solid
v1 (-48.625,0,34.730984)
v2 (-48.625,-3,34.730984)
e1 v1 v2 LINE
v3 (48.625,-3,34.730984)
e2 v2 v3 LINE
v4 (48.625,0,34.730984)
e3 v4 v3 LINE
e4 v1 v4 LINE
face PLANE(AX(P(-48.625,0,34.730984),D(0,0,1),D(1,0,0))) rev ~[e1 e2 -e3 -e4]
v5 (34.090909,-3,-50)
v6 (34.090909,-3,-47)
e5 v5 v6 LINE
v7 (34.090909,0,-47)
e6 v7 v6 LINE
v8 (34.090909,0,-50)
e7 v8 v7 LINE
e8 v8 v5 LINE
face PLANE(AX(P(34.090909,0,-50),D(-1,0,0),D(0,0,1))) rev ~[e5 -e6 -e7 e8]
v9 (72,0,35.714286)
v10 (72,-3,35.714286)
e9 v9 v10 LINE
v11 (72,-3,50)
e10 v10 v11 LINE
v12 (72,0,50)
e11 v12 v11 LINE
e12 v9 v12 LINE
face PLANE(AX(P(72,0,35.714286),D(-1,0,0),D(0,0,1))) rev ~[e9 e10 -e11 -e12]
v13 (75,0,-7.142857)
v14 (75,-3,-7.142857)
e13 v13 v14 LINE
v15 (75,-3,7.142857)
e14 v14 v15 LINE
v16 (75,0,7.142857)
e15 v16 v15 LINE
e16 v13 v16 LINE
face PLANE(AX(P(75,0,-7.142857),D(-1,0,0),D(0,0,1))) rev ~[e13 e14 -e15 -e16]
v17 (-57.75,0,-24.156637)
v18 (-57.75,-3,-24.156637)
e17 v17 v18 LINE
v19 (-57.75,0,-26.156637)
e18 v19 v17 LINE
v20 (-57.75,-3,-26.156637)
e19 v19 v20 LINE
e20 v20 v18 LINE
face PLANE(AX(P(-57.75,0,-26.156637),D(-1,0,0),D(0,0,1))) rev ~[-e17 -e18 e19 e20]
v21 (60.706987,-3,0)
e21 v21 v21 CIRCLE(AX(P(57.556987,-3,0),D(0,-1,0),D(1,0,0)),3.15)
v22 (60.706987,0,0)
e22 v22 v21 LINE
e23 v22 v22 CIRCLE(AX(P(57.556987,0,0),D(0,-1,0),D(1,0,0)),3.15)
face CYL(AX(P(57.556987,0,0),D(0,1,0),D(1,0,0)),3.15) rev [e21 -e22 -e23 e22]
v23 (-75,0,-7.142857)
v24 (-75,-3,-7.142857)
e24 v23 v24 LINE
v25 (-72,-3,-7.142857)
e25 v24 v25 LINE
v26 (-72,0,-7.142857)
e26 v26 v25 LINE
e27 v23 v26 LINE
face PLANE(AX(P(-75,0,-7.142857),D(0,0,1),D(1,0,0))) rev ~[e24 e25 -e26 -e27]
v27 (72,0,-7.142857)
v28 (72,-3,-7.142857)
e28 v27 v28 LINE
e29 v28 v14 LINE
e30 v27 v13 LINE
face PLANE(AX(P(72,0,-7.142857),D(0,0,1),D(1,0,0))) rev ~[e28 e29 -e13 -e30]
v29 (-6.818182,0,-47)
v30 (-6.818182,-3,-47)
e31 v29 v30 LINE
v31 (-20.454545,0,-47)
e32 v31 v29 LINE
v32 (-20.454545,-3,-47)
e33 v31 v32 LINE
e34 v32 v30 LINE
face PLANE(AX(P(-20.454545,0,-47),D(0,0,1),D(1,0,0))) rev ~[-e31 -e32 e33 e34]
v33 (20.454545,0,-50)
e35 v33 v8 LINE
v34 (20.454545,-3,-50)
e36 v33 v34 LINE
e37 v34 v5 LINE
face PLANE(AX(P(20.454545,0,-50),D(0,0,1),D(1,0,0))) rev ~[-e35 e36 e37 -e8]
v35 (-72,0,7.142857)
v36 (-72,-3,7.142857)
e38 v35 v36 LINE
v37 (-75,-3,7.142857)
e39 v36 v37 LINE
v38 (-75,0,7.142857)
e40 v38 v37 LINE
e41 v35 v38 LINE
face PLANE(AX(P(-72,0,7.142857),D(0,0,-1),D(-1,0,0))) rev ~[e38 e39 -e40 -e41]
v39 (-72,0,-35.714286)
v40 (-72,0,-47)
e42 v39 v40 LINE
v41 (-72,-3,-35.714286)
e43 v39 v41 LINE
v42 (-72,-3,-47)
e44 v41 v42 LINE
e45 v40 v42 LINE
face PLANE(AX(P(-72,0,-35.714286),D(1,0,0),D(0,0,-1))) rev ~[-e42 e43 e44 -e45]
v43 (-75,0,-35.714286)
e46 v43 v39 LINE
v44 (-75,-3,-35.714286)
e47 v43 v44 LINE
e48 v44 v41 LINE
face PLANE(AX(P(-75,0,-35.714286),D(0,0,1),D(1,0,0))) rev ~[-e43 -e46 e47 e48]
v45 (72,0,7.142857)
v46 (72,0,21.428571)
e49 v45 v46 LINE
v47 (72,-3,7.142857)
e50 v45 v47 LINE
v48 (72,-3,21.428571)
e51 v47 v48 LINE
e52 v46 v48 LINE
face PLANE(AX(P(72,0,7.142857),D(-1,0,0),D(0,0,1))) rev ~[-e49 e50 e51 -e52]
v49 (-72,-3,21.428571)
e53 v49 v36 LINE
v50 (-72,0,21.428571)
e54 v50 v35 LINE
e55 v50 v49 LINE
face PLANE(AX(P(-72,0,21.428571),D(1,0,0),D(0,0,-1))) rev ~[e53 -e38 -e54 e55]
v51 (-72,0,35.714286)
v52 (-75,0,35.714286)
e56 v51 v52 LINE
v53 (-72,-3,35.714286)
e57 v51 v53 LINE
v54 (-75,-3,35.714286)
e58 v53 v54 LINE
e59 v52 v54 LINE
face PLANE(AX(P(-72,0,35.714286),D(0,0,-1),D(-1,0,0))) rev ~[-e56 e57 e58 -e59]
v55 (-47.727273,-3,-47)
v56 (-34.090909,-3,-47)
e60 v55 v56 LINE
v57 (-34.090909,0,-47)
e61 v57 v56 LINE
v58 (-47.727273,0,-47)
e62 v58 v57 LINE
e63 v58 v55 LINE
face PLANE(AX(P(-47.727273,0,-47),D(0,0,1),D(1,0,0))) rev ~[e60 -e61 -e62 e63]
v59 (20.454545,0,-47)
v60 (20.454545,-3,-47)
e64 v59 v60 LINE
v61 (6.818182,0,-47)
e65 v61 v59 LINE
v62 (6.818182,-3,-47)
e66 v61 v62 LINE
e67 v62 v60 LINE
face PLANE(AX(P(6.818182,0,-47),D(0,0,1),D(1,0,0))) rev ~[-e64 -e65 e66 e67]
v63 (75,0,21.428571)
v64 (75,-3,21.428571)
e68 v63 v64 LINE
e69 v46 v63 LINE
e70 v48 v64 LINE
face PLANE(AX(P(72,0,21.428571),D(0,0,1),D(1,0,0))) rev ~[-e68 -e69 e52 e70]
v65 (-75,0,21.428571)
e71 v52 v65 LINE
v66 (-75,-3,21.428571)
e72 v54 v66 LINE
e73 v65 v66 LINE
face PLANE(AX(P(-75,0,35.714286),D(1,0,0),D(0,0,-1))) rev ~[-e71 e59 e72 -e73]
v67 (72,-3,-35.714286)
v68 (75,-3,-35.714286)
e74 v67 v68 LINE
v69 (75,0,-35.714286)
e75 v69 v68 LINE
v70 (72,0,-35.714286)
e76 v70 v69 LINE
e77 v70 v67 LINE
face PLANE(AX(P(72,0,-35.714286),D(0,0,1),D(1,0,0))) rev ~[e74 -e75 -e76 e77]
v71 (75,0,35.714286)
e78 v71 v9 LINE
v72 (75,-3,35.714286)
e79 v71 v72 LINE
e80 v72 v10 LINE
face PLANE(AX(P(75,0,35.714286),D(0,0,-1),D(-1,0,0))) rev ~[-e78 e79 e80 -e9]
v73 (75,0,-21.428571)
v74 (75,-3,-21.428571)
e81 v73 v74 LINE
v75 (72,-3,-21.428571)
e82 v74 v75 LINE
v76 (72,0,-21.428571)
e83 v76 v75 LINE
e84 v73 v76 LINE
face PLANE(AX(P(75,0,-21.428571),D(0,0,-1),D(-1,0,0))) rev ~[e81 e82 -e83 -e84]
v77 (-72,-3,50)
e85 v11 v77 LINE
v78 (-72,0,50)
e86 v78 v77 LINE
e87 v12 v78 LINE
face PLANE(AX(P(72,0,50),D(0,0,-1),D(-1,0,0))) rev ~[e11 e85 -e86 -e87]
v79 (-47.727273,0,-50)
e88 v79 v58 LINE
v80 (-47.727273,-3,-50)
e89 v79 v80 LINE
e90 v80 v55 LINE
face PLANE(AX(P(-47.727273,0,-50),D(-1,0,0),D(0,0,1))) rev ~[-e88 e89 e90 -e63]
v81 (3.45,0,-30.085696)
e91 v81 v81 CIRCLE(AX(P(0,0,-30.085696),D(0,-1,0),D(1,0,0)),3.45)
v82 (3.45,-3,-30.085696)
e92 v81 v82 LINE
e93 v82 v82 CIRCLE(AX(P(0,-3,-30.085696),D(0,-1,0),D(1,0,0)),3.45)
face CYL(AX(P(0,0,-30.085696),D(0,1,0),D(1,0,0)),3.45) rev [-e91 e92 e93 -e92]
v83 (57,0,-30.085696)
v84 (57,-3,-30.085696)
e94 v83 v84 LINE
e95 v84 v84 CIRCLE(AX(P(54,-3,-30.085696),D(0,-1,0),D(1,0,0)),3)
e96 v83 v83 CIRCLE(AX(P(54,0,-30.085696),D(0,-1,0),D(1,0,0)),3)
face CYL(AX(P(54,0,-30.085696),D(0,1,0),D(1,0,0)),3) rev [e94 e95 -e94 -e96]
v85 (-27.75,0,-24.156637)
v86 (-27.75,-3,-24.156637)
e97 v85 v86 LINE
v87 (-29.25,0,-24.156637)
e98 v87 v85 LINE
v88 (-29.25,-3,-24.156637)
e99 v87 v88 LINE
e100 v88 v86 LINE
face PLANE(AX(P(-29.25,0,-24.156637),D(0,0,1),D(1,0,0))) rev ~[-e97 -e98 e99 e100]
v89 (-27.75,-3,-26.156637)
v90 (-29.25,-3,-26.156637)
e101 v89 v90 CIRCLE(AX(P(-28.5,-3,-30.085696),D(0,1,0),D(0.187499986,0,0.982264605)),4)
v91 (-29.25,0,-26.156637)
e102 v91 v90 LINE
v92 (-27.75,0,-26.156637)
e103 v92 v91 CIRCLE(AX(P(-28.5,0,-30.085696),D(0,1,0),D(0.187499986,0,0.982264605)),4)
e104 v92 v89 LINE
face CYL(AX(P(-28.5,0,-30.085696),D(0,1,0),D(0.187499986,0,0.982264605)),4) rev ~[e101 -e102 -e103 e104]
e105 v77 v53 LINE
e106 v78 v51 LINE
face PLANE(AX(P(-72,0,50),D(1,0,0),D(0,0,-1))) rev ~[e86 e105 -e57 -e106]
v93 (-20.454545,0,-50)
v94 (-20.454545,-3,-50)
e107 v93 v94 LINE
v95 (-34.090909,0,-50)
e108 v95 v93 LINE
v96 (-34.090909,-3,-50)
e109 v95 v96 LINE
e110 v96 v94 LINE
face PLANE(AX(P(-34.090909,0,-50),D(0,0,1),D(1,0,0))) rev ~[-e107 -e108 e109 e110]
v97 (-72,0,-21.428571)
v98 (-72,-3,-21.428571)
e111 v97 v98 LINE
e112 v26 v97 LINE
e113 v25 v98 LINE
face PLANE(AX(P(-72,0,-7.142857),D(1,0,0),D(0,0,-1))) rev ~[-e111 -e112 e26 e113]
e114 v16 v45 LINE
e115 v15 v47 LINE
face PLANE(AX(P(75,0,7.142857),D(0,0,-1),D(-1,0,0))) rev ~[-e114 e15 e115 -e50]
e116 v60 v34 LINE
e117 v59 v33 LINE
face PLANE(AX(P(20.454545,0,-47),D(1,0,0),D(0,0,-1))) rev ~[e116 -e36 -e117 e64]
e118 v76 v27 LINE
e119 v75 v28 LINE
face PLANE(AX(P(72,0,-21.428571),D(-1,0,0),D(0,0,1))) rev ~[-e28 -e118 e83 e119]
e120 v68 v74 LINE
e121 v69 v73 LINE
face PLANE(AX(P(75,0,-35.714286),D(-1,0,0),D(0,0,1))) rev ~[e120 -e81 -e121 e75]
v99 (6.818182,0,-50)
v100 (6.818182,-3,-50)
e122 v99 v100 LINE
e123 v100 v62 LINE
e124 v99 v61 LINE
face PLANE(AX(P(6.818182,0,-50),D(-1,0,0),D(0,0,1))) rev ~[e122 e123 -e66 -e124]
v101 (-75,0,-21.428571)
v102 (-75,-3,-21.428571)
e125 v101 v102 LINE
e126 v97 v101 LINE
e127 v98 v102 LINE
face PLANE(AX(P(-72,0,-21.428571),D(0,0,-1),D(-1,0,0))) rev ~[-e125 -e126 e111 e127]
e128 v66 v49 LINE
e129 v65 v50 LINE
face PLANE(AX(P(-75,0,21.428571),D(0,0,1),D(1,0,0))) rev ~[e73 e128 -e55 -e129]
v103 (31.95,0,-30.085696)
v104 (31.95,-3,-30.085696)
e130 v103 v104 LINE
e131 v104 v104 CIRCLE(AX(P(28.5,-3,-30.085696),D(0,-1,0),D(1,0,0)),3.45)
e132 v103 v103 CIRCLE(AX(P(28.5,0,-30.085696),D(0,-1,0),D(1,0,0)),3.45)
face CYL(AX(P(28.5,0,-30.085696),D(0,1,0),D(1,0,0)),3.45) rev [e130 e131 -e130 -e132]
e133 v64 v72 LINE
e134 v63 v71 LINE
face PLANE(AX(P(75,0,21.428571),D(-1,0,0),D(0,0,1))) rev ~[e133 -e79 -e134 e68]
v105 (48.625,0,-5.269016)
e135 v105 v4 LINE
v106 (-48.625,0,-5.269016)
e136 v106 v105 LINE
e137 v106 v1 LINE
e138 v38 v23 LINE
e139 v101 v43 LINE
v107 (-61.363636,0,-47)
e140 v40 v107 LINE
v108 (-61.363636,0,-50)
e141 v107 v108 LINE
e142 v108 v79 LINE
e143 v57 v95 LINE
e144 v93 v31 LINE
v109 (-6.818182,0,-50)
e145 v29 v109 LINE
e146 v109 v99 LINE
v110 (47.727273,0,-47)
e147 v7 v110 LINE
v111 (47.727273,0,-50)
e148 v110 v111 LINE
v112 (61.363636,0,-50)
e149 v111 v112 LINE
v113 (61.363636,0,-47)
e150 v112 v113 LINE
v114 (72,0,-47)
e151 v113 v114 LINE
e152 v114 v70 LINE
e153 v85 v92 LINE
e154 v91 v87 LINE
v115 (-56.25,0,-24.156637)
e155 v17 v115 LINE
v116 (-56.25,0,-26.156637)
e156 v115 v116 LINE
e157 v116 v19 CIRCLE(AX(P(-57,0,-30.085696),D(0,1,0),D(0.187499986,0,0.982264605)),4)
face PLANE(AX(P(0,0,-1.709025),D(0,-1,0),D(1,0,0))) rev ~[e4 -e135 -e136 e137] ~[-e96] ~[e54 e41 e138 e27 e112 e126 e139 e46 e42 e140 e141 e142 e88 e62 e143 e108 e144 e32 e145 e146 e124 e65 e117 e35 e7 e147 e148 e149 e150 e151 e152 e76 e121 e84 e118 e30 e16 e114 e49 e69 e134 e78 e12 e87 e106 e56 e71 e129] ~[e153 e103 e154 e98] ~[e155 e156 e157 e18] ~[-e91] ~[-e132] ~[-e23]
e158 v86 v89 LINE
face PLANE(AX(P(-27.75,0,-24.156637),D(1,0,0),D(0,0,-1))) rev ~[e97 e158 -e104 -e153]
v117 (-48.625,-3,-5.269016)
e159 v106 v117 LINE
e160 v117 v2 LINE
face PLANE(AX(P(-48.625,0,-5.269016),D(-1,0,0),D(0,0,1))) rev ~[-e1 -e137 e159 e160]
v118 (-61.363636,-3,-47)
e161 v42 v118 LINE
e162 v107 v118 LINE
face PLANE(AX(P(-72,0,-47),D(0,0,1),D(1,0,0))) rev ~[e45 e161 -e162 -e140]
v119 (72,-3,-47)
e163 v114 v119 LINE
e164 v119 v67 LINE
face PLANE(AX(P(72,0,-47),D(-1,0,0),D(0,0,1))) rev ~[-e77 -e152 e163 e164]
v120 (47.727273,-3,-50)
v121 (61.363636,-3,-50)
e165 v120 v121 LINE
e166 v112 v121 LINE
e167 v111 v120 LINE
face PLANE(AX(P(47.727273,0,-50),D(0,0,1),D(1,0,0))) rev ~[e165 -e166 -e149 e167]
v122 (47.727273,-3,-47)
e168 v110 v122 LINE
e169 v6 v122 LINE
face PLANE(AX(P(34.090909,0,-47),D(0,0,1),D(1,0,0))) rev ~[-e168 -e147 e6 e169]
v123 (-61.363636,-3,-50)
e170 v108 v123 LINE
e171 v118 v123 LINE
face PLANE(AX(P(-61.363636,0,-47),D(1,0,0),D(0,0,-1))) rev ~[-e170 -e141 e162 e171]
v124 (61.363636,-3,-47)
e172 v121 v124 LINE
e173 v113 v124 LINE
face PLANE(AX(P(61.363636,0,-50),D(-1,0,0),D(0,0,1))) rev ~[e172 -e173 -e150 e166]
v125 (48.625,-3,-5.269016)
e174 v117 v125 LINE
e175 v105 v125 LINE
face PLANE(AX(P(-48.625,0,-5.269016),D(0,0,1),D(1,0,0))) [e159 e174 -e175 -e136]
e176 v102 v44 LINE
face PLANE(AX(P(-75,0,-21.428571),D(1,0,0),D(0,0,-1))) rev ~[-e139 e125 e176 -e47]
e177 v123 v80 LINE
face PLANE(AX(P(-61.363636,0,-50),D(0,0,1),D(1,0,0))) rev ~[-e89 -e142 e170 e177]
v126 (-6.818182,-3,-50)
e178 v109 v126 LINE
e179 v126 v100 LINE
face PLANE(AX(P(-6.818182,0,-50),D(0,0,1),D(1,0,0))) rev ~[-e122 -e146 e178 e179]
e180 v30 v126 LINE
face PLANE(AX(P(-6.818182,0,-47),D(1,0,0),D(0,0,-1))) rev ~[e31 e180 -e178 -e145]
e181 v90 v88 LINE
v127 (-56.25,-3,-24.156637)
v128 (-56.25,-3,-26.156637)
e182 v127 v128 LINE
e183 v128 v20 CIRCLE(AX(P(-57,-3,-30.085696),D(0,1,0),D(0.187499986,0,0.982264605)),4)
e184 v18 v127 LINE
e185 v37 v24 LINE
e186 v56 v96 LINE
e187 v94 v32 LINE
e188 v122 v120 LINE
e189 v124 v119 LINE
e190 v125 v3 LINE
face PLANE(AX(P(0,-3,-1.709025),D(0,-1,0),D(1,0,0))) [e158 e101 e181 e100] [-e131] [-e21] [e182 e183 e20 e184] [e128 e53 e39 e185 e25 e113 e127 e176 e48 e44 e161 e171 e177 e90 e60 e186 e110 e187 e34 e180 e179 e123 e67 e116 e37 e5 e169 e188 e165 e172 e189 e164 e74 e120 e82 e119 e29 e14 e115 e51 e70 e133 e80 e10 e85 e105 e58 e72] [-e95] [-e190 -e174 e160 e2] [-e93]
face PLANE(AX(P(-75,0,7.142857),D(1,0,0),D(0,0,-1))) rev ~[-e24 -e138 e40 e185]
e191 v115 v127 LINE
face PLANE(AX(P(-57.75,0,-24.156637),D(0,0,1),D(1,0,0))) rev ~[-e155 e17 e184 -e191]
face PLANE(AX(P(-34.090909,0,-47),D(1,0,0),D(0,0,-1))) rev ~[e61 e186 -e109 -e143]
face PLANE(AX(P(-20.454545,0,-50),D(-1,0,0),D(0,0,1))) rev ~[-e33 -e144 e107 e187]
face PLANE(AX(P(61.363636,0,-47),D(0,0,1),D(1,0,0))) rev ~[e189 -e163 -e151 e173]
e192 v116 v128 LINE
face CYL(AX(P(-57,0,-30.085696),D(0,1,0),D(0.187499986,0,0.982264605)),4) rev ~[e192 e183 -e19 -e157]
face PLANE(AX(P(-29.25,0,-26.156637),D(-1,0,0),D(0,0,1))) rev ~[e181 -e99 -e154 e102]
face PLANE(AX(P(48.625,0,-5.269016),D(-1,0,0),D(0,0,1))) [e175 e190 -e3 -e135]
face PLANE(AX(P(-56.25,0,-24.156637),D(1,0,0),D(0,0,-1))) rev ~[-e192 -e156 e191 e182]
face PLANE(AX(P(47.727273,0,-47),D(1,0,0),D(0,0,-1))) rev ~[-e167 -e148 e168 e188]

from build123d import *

# Parameters (mm, degrees)
F0_R     = 3.45
F0_R_2   = 3
F0_W     = 97.25
F0_H     = 40
F0_R_3   = 3.15
F1_DEPTH = 3


with BuildPart() as f1:
    # F0 (on Front) → F1 (new body)
    with BuildSketch(Plane.XZ):
        Polygon((47.727273, -50), (61.363636, -50), (61.363636, -47), (72, -47), (72, -35.714286), (75, -35.714286), (75, -21.428571), (72, -21.428571), (72, -7.142857), (75, -7.142857), (75, 7.142857), (72, 7.142857), (72, 21.428571), (75, 21.428571), (75, 35.714286), (72, 35.714286), (72, 50), (-72, 50), (-72, 35.714286), (-75, 35.714286), (-75, 21.428571), (-72, 21.428571), (-72, 7.142857), (-75, 7.142857), (-75, -7.142857), (-72, -7.142857), (-72, -21.428571), (-75, -21.428571), (-75, -35.714286), (-72, -35.714286), (-72, -47), (-61.363636, -47), (-61.363636, -50), (-47.727273, -50), (-47.727273, -47), (-34.090909, -47), (-34.090909, -50), (-20.454545, -50), (-20.454545, -47), (-6.818182, -47), (-6.818182, -50), (6.818182, -50), (6.818182, -47), (20.454545, -47), (20.454545, -50), (34.090909, -50), (34.090909, -47), (47.727273, -47), align=None)
        with BuildLine():
            ThreePointArc((-56.25, -26.156637), (-57, -34.085696), (-57.75, -26.156637))
            Line((-57.75, -26.156637), (-57.75, -24.156637))
            Line((-57.75, -24.156637), (-56.25, -24.156637))
            Line((-56.25, -24.156637), (-56.25, -26.156637))
        make_face(mode=Mode.SUBTRACT)
        with BuildLine():
            ThreePointArc((-27.75, -26.156637), (-28.5, -34.085696), (-29.25, -26.156637))
            Line((-29.25, -26.156637), (-29.25, -24.156637))
            Line((-29.25, -24.156637), (-27.75, -24.156637))
            Line((-27.75, -24.156637), (-27.75, -26.156637))
        make_face(mode=Mode.SUBTRACT)
        with Locations((0, -30.085696)):
            Circle(F0_R, mode=Mode.SUBTRACT)
        with Locations((28.5, -30.085696)):
            Circle(F0_R, mode=Mode.SUBTRACT)
        with Locations((54, -30.085696)):
            Circle(F0_R_2, mode=Mode.SUBTRACT)
        with Locations((0, 14.730984)):
            Rectangle(F0_W, F0_H, mode=Mode.SUBTRACT)
        with Locations((57.556987, 0)):
            Circle(F0_R_3, mode=Mode.SUBTRACT)
    extrude(amount=F1_DEPTH)


solid = f1.part
